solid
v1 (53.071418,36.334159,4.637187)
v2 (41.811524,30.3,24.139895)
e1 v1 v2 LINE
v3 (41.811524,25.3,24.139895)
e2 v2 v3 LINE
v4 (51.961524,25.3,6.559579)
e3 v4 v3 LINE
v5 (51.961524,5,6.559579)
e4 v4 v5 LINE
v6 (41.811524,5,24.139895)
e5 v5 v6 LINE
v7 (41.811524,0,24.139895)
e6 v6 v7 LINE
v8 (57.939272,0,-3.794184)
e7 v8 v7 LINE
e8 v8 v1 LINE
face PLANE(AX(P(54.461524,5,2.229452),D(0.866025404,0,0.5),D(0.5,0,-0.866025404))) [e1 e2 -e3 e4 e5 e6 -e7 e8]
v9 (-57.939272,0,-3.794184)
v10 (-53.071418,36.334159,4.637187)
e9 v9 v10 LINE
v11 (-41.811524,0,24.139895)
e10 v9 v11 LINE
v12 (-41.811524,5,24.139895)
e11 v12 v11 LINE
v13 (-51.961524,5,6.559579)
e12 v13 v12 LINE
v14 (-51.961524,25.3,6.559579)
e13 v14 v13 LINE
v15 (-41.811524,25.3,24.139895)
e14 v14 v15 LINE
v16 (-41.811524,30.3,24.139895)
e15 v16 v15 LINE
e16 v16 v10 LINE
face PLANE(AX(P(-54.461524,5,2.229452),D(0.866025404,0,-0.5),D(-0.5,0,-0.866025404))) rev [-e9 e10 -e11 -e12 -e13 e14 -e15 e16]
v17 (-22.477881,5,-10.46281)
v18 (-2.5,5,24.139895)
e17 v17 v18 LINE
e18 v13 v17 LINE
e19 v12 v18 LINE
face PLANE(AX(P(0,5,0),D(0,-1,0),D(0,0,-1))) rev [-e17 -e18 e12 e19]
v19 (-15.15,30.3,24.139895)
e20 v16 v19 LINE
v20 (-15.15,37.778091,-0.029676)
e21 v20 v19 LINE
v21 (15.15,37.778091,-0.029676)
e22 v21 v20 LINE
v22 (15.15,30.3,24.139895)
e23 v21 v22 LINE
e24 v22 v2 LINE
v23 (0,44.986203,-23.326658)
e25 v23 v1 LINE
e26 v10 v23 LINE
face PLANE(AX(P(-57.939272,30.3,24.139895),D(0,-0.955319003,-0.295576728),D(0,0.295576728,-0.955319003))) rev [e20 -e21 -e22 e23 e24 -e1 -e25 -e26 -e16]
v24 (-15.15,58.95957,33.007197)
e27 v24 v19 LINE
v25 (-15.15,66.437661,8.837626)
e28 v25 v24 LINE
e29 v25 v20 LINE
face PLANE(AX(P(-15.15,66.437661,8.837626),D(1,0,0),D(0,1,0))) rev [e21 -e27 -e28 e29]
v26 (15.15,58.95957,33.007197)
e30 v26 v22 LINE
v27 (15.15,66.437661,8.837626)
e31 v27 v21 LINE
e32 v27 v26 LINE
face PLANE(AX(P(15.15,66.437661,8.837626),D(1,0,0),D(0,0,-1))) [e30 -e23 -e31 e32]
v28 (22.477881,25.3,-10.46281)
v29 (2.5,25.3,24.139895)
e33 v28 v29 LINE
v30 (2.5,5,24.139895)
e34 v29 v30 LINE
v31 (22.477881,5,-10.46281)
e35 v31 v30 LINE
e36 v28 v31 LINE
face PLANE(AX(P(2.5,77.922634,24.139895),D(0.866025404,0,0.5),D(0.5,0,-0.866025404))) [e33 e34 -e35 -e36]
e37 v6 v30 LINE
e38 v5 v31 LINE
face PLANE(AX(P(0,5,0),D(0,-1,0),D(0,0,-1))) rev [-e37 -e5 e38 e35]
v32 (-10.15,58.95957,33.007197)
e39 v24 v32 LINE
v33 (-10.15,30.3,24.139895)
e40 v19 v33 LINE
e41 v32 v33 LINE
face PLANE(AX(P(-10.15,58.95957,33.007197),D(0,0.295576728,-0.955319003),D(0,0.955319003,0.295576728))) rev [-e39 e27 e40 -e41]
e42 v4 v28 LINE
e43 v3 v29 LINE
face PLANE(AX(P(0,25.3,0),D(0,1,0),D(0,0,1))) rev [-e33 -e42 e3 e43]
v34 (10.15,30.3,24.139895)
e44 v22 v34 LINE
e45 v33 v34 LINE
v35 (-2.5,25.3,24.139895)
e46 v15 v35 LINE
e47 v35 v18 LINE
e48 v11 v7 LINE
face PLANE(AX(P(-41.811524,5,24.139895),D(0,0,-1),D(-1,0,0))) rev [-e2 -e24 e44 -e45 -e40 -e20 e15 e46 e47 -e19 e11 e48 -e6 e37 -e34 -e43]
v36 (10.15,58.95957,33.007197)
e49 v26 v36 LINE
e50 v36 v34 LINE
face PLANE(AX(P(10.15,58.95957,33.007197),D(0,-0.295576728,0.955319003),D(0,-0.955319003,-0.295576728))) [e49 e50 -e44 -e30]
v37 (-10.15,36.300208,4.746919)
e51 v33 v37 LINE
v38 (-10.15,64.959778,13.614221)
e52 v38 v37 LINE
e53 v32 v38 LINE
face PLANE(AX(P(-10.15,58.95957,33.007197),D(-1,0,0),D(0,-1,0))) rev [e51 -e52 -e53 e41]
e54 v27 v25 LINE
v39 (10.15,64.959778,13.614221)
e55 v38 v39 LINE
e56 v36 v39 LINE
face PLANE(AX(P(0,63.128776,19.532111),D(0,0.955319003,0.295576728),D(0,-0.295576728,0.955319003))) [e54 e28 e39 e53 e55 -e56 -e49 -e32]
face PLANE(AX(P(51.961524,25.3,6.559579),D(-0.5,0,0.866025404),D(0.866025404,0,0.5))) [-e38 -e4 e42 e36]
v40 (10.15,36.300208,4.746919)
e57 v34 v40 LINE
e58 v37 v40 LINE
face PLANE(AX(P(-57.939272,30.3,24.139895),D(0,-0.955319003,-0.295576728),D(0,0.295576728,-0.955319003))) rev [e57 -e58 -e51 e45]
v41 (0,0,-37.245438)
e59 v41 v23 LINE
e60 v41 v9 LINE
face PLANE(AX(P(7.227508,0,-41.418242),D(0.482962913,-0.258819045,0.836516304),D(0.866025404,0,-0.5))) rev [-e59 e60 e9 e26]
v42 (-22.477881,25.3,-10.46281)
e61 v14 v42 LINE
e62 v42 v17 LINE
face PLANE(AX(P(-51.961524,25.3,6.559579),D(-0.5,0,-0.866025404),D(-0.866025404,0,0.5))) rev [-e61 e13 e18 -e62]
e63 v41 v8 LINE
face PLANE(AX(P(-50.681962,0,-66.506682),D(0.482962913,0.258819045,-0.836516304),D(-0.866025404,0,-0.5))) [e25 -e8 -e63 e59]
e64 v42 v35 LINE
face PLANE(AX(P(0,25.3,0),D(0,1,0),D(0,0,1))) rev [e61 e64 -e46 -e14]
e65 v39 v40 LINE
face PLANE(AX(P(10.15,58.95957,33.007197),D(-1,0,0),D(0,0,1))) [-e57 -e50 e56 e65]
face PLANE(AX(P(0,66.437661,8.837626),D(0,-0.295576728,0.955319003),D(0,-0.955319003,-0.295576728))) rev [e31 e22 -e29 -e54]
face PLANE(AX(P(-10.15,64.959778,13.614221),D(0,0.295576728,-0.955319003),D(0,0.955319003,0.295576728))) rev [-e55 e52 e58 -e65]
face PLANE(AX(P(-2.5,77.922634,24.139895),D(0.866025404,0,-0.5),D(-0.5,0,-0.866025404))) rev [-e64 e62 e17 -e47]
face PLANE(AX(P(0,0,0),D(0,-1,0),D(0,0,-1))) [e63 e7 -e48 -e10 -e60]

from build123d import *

# Parameters (mm, degrees)
BOSS_EXTRUDE2_DEPTH = 5
BOSS_EXTRUDE3_DEPTH = 20.3
BOSS_EXTRUDE4_DEPTH = 5
BOSS_EXTRUDE5_DEPTH = 50
CUT_EXTRUDE5_DEPTH  = 120.550160374
CUT_EXTRUDE6_DEPTH  = 106.793534237
BOSS_EXTRUDE6_DEPTH = 30
BOSS_EXTRUDE7_DEPTH = 20.3


with BuildPart() as part:
    # Sketch3 → Boss-Extrude2 (new body)
    with BuildSketch(Plane(origin=(0, 0, 0), x_dir=(1, 0, 0), z_dir=(0, 1, 0))):
        Polygon((-54.461524227, -2.229452052), (-41.811524227, -24.139894768), (0, -24.139894768), (0, 29.213923621), (0, 53.936652846), (-65.166780007, 16.312594867), align=None)
    boss_extrude2 = extrude(amount=BOSS_EXTRUDE2_DEPTH)

    # Sketch4 → Boss-Extrude3 (add)
    with BuildSketch(Plane(origin=(0, 5, 0), x_dir=(1, 0, 0), z_dir=(0, 1, 0))):
        Polygon((-51.961524227, -6.559579071), (0, 23.440420929), (0, 29.213923621), (0, 53.936652846), (-65.166780007, 16.312594867), (-54.461524227, -2.229452052), align=None)
    boss_extrude3 = extrude(amount=BOSS_EXTRUDE3_DEPTH)

    # Sketch5 → Boss-Extrude4 (add)
    with BuildSketch(Plane(origin=(0, 25.3, 0), x_dir=(1, 0, 0), z_dir=(0, 1, 0))):
        Polygon((-65.166780007, 16.312594867), (-41.811524227, -24.139894768), (0, -24.139894768), (0, 53.936652846), align=None)
    boss_extrude4 = extrude(amount=BOSS_EXTRUDE4_DEPTH)

    # Sketch7 → Boss-Extrude5 (add)
    with BuildSketch(Plane(origin=(0, 30.3, 0), x_dir=(1, 0, 0), z_dir=(0, 1, 0))):
        Polygon((-65.166780007, 16.312594867), (0, 53.936652846), (0, -24.139894768), (-41.811524227, -24.139894768), align=None)
    boss_extrude5 = extrude(amount=BOSS_EXTRUDE5_DEPTH)

    # Sketch12 → Cut-Extrude5 (cut, through all)
    with BuildSketch(Plane(origin=(-41.811524227, 0, 24.139894768), x_dir=(0.5000000000000006, 0, 0.8660254037844384), z_dir=(-0.8660254037844384, 0, 0.5000000000000006))):
        Polygon((-46.71051156, 80.3), (-46.71051156, 0), (-32.255495471, 0), (-10.739175318, 80.3), align=None)
    cut_extrude5 = extrude(amount=-CUT_EXTRUDE5_DEPTH, mode=Mode.SUBTRACT)

    # Sketch16 → Cut-Extrude6 (cut, through all)
    with BuildSketch(Plane(origin=(0, 0, 0), x_dir=(0, 0, -1), z_dir=(1, 0, 0))):
        Polygon((-24.139894768, 30.3), (23.326658439, 44.986202672), (12.400531522, 80.3), (-24.139894768, 80.3), align=None)
    cut_extrude6 = extrude(amount=-CUT_EXTRUDE6_DEPTH, mode=Mode.SUBTRACT)

    # Sketch17 → Boss-Extrude6 (add)
    with BuildSketch(Plane(origin=(0, 34.469205914, 10.664809425), x_dir=(1, 0, 0), z_dir=(0, 0.9553190031279326, 0.2955767282156244))):
        Polygon((-10.15, -14.10532534), (-10.15, 6.19467466), (0, 6.19467466), (0, 11.19467466), (-15.15, 11.19467466), (-15.15, -14.10532534), align=None)
    boss_extrude6 = extrude(amount=BOSS_EXTRUDE6_DEPTH)

    # Sketch18 → Boss-Extrude7 (add)
    with BuildSketch(Plane(origin=(0, 5, 0), x_dir=(1, 0, 0), z_dir=(0, 1, 0))):
        Polygon((0, -24.139894768), (-2.5, -24.139894768), (-22.477881057, 10.46281025), (0, 23.440420929), align=None)
    boss_extrude7 = extrude(amount=BOSS_EXTRUDE7_DEPTH)

    # Mirror2: Boss-Extrude2, Boss-Extrude3, Boss-Extrude4, Boss-Extrude5, Cut-Extrude5, Cut-Extrude6, Boss-Extrude6, Boss-Extrude7 across plane
    add(boss_extrude2.mirror(Plane(origin=(0, 5, -53.936652846), x_dir=(0, 0, 1), z_dir=(-1, 0, 0))))
    add(boss_extrude3.mirror(Plane(origin=(0, 5, -53.936652846), x_dir=(0, 0, 1), z_dir=(-1, 0, 0))))
    add(boss_extrude4.mirror(Plane(origin=(0, 5, -53.936652846), x_dir=(0, 0, 1), z_dir=(-1, 0, 0))))
    add(boss_extrude5.mirror(Plane(origin=(0, 5, -53.936652846), x_dir=(0, 0, 1), z_dir=(-1, 0, 0))))
    add(cut_extrude5.mirror(Plane(origin=(0, 5, -53.936652846), x_dir=(0, 0, 1), z_dir=(-1, 0, 0))), mode=Mode.SUBTRACT)
    add(cut_extrude6.mirror(Plane(origin=(0, 5, -53.936652846), x_dir=(0, 0, 1), z_dir=(-1, 0, 0))), mode=Mode.SUBTRACT)
    add(boss_extrude6.mirror(Plane(origin=(0, 5, -53.936652846), x_dir=(0, 0, 1), z_dir=(-1, 0, 0))))
    add(boss_extrude7.mirror(Plane(origin=(0, 5, -53.936652846), x_dir=(0, 0, 1), z_dir=(-1, 0, 0))))


solid = part.part
